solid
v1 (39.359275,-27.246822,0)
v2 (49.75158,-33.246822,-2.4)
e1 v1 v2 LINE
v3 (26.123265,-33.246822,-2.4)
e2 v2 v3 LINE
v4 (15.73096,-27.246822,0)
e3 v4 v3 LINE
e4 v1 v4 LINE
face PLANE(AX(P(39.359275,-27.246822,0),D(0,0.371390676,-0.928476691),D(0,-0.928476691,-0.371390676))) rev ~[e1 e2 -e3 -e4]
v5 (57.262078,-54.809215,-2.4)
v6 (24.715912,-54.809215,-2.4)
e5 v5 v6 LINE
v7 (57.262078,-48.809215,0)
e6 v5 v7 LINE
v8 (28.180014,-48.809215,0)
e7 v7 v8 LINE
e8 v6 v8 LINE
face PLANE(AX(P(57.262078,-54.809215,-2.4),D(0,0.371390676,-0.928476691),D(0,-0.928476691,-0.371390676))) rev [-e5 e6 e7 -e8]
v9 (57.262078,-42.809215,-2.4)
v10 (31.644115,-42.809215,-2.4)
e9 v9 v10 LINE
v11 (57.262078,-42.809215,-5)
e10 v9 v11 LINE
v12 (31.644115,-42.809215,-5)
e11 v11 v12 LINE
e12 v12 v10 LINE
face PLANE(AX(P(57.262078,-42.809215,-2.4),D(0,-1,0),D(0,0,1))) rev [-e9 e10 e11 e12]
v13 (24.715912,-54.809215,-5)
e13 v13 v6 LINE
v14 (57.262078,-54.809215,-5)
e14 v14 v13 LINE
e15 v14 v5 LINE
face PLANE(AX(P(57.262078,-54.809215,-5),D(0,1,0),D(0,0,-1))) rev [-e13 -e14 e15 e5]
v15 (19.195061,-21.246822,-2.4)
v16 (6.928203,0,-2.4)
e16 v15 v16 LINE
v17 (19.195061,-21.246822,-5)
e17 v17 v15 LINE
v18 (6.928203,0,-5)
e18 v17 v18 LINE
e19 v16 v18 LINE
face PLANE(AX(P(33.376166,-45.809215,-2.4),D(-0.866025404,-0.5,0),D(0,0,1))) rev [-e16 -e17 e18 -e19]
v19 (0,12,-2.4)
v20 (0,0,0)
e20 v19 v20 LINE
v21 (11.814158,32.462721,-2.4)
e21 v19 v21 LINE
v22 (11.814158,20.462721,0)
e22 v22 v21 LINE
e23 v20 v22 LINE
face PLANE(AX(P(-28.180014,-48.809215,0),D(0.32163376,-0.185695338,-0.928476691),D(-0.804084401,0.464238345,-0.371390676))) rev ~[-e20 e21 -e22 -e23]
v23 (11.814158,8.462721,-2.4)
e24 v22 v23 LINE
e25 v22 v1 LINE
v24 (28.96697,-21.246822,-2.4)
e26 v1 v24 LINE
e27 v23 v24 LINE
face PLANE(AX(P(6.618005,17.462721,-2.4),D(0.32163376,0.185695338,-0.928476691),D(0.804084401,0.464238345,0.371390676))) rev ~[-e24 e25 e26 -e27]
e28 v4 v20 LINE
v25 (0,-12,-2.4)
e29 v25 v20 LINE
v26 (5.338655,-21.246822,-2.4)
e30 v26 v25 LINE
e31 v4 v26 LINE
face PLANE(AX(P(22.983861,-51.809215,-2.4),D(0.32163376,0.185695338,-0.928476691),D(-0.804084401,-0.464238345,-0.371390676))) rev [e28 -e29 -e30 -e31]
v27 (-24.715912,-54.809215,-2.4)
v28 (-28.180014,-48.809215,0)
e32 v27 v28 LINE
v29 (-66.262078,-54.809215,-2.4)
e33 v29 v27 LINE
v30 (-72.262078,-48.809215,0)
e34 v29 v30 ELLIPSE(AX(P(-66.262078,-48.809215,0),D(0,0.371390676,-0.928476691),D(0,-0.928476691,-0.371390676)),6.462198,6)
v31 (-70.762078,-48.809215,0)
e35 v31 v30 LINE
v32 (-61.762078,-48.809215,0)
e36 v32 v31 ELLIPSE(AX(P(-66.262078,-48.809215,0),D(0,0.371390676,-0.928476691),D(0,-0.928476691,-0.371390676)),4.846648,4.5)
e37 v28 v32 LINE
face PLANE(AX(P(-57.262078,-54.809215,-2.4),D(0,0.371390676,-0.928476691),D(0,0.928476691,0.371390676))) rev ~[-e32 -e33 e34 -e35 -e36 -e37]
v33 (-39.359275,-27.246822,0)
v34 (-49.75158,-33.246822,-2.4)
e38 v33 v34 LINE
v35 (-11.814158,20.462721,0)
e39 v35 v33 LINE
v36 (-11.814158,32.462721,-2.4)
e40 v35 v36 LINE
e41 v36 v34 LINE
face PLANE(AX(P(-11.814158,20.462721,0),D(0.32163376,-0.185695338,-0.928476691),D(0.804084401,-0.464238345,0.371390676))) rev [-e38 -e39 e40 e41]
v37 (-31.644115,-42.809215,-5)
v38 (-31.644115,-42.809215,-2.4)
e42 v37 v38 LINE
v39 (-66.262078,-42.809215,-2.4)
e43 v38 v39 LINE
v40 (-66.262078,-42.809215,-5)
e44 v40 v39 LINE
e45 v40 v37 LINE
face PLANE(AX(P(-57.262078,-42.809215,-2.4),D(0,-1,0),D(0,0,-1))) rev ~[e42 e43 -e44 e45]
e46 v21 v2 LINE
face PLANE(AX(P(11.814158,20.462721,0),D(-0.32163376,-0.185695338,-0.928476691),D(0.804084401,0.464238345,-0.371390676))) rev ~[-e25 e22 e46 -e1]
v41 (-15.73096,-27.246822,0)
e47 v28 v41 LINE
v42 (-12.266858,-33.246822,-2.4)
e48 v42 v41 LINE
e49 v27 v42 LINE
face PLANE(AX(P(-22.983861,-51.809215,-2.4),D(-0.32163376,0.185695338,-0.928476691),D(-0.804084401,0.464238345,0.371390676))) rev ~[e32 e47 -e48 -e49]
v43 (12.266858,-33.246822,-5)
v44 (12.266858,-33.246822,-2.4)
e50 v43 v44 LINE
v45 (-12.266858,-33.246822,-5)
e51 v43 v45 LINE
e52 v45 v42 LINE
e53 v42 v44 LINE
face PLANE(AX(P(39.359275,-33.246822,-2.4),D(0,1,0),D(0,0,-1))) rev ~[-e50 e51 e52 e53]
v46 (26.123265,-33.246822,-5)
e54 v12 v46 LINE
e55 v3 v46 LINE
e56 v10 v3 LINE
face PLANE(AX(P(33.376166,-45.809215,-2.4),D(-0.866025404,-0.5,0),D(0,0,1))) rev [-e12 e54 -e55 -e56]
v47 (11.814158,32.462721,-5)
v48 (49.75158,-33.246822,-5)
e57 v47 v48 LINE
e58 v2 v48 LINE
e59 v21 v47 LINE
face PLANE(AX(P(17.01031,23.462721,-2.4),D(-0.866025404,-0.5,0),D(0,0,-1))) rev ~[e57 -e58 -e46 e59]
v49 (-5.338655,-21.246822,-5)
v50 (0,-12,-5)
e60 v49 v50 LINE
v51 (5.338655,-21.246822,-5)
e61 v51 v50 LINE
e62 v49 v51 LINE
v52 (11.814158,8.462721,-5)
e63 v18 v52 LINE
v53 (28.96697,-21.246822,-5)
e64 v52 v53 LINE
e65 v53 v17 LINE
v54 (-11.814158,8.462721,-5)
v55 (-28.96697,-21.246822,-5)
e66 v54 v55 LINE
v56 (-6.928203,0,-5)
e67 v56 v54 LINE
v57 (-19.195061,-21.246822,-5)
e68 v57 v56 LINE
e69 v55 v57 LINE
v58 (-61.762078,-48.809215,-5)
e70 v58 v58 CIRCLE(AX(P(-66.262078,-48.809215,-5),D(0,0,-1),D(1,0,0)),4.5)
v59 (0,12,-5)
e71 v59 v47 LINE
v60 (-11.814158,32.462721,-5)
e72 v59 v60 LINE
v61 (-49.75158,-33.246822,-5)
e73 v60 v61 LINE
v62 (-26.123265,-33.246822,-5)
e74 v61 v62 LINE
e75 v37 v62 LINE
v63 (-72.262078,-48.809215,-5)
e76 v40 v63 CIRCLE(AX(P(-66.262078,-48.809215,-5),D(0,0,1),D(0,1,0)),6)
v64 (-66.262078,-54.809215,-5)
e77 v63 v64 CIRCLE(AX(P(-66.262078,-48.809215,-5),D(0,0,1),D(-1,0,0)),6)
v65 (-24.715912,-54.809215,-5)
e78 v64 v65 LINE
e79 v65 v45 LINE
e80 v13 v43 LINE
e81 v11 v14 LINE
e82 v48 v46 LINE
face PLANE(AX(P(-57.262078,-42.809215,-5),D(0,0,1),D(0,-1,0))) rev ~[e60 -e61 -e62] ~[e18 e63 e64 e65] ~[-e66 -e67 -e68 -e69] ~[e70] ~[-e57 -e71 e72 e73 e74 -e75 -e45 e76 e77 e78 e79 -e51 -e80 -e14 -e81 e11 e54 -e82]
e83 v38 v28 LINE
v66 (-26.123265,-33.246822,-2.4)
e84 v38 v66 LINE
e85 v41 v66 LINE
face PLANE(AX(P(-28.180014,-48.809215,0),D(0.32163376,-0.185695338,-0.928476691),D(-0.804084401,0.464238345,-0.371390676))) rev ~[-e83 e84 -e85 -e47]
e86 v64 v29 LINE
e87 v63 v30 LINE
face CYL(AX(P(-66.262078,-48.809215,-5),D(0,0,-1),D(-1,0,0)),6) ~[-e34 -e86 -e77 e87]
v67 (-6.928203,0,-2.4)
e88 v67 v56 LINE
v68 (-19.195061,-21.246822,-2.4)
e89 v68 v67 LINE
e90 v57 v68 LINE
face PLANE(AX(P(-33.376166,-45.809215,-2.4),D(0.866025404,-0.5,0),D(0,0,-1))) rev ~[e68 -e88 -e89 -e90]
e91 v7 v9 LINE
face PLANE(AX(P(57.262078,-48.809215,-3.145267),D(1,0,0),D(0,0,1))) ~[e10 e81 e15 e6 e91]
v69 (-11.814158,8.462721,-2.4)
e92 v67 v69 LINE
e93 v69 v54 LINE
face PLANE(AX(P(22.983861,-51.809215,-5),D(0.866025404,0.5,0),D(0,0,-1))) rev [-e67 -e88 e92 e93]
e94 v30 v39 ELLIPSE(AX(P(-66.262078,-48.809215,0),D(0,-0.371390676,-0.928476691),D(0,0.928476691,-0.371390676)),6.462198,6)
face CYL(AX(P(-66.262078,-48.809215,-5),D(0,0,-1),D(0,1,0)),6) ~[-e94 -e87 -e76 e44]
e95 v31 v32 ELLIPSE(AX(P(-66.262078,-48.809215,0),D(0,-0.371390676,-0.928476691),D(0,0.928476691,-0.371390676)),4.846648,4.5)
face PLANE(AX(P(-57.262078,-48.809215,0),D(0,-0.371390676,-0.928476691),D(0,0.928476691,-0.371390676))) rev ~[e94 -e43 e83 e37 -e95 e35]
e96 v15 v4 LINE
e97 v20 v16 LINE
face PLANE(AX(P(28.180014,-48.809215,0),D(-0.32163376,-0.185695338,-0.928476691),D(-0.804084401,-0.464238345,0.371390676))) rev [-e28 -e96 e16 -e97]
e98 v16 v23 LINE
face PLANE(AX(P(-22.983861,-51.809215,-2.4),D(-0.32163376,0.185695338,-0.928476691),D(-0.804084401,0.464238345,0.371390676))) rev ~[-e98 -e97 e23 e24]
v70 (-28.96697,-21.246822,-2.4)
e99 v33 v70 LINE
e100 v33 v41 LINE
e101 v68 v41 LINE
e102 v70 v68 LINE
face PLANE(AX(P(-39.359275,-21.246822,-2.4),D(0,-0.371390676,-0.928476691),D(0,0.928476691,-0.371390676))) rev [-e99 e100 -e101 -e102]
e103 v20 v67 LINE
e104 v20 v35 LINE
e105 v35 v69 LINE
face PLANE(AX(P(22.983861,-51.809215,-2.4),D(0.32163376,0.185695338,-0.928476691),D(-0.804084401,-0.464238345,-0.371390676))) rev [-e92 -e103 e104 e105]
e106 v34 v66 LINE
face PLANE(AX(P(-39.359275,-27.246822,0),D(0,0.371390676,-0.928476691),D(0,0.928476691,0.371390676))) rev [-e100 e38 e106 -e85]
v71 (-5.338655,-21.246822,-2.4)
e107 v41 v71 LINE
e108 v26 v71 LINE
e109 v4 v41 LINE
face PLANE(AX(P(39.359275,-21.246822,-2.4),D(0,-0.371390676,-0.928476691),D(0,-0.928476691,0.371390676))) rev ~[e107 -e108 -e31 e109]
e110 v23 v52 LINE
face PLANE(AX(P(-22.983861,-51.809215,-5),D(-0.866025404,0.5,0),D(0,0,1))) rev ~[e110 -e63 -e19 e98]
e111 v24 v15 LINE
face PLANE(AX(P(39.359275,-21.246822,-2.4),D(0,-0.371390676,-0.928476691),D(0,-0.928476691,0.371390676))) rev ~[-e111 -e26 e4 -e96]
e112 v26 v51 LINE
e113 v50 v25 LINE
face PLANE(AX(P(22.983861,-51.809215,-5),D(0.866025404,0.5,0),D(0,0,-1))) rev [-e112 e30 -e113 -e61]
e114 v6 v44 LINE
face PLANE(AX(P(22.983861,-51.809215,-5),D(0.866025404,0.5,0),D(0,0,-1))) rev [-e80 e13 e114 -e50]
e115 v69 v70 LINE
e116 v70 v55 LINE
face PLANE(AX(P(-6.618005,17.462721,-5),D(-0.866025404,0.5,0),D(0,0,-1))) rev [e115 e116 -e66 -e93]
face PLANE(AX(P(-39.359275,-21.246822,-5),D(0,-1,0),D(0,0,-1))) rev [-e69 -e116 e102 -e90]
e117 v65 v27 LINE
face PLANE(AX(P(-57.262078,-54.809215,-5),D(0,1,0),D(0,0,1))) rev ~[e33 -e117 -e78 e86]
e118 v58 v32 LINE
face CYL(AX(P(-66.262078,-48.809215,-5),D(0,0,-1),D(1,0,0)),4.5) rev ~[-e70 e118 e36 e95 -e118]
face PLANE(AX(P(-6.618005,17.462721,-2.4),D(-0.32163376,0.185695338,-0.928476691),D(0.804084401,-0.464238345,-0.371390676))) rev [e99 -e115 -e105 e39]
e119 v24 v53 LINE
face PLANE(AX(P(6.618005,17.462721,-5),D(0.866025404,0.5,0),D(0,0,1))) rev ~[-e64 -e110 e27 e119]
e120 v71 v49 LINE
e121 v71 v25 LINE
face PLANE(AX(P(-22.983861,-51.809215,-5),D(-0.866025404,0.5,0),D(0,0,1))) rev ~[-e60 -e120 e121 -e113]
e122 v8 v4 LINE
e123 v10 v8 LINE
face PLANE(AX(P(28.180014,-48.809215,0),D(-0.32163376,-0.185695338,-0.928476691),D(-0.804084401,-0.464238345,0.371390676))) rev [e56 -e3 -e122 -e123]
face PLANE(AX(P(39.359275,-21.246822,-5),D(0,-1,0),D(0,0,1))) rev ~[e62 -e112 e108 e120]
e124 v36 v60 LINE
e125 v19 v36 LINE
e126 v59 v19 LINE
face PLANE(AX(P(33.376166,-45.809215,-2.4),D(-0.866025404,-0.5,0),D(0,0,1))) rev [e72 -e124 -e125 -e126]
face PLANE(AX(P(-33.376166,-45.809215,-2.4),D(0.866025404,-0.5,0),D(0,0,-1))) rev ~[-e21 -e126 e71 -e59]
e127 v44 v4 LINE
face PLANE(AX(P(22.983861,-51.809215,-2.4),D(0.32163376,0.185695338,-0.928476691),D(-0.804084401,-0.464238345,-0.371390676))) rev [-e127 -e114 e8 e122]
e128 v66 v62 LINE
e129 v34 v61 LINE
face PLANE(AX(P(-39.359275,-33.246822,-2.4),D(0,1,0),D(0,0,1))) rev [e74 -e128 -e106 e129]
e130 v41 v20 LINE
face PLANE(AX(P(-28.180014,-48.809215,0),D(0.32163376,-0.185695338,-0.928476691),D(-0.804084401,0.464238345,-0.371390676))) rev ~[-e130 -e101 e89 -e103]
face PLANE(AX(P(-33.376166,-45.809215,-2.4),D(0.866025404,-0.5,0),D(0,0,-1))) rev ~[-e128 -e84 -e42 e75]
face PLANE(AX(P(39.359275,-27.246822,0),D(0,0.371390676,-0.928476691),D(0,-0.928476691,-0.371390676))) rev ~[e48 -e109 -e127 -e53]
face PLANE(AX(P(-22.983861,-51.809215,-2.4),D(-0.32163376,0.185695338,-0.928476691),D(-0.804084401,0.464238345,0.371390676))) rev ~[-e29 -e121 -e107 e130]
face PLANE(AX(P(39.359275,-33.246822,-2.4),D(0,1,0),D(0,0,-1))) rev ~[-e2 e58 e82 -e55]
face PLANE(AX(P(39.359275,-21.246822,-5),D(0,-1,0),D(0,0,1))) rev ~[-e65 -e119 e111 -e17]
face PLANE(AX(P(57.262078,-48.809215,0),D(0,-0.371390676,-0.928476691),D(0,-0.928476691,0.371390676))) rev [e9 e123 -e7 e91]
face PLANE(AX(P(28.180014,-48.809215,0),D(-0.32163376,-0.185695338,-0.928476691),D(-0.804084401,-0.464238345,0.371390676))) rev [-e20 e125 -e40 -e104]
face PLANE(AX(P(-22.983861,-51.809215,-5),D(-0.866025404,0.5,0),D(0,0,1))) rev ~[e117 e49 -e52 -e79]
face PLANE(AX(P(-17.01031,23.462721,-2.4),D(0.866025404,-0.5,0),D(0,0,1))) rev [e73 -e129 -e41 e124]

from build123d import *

# Parameters (mm, degrees)
F5_DEPTH = 15
F6_R     = 4.5
F7_DEPTH = 25


with BuildPart() as f3:
    # F3: sweep along a path in F0
    with BuildLine(Plane.XY) as f3_path:
        Line((-57.2620779276, -48.8092154264), (-28.1800136654, -48.8092154264))
        Line((-28.1800136654, -48.8092154264), (11.8141577124, 20.4627214066))
        Line((11.8141577124, 20.4627214066), (39.3592752516, -27.2468216717))
        Line((39.3592752516, -27.2468216717), (0, -27.2468216717))
    # F2 (on line) → F3 (sweep)
    with BuildSketch(Plane(origin=(-57.2620779276, 0, 0), x_dir=(0, -1, 0), z_dir=(-1, 0, 0))):
        Polygon((54.8092154264, -2.4), (48.8092154264, 0), (42.8092154264, -2.4), (42.8092154264, -5), (54.8092154264, -5), align=None)
    sweep(path=f3_path.line, transition=Transition.RIGHT)

    # F4: F3 across plane


with BuildPart() as f3_1:
    add(f3.part)
    add(f3.part.mirror(Plane.YZ))

    # F5 (add): a face of the model
    f5_faces = [f3_1.faces().sort_by_distance(p)[0] for p in [
        (-57.2620779276, -48.8092154264, -3.0368421053),
    ]]
    extrude(f5_faces, amount=F5_DEPTH)

    # F6 (on face) → F7 (cut)
    with BuildSketch(Plane(origin=(0, 0, -5), x_dir=(1, 0, 0), z_dir=(0, 0, -1))):
        with BuildLine():
            ThreePointArc((-66.2620779276, 42.8092154264), (-70.5047186147, 44.5665747393), (-72.2620779276, 48.8092154264))
            Line((-72.2620779276, 48.8092154264), (-72.2620779276, 42.8092154264))
            Line((-72.2620779276, 42.8092154264), (-66.2620779276, 42.8092154264))
        make_face()
        with BuildLine():
            ThreePointArc((-72.2620779276, 48.8092154264), (-70.5047186147, 53.0518561136), (-66.2620779276, 54.8092154264))
            Line((-66.2620779276, 54.8092154264), (-72.2620779276, 54.8092154264))
            Line((-72.2620779276, 54.8092154264), (-72.2620779276, 48.8092154264))
        make_face()
        with Locations((-66.2620779276, 48.8092154264)):
            Circle(F6_R)
    extrude(amount=-F7_DEPTH, mode=Mode.SUBTRACT)


solid = f3_1.part
